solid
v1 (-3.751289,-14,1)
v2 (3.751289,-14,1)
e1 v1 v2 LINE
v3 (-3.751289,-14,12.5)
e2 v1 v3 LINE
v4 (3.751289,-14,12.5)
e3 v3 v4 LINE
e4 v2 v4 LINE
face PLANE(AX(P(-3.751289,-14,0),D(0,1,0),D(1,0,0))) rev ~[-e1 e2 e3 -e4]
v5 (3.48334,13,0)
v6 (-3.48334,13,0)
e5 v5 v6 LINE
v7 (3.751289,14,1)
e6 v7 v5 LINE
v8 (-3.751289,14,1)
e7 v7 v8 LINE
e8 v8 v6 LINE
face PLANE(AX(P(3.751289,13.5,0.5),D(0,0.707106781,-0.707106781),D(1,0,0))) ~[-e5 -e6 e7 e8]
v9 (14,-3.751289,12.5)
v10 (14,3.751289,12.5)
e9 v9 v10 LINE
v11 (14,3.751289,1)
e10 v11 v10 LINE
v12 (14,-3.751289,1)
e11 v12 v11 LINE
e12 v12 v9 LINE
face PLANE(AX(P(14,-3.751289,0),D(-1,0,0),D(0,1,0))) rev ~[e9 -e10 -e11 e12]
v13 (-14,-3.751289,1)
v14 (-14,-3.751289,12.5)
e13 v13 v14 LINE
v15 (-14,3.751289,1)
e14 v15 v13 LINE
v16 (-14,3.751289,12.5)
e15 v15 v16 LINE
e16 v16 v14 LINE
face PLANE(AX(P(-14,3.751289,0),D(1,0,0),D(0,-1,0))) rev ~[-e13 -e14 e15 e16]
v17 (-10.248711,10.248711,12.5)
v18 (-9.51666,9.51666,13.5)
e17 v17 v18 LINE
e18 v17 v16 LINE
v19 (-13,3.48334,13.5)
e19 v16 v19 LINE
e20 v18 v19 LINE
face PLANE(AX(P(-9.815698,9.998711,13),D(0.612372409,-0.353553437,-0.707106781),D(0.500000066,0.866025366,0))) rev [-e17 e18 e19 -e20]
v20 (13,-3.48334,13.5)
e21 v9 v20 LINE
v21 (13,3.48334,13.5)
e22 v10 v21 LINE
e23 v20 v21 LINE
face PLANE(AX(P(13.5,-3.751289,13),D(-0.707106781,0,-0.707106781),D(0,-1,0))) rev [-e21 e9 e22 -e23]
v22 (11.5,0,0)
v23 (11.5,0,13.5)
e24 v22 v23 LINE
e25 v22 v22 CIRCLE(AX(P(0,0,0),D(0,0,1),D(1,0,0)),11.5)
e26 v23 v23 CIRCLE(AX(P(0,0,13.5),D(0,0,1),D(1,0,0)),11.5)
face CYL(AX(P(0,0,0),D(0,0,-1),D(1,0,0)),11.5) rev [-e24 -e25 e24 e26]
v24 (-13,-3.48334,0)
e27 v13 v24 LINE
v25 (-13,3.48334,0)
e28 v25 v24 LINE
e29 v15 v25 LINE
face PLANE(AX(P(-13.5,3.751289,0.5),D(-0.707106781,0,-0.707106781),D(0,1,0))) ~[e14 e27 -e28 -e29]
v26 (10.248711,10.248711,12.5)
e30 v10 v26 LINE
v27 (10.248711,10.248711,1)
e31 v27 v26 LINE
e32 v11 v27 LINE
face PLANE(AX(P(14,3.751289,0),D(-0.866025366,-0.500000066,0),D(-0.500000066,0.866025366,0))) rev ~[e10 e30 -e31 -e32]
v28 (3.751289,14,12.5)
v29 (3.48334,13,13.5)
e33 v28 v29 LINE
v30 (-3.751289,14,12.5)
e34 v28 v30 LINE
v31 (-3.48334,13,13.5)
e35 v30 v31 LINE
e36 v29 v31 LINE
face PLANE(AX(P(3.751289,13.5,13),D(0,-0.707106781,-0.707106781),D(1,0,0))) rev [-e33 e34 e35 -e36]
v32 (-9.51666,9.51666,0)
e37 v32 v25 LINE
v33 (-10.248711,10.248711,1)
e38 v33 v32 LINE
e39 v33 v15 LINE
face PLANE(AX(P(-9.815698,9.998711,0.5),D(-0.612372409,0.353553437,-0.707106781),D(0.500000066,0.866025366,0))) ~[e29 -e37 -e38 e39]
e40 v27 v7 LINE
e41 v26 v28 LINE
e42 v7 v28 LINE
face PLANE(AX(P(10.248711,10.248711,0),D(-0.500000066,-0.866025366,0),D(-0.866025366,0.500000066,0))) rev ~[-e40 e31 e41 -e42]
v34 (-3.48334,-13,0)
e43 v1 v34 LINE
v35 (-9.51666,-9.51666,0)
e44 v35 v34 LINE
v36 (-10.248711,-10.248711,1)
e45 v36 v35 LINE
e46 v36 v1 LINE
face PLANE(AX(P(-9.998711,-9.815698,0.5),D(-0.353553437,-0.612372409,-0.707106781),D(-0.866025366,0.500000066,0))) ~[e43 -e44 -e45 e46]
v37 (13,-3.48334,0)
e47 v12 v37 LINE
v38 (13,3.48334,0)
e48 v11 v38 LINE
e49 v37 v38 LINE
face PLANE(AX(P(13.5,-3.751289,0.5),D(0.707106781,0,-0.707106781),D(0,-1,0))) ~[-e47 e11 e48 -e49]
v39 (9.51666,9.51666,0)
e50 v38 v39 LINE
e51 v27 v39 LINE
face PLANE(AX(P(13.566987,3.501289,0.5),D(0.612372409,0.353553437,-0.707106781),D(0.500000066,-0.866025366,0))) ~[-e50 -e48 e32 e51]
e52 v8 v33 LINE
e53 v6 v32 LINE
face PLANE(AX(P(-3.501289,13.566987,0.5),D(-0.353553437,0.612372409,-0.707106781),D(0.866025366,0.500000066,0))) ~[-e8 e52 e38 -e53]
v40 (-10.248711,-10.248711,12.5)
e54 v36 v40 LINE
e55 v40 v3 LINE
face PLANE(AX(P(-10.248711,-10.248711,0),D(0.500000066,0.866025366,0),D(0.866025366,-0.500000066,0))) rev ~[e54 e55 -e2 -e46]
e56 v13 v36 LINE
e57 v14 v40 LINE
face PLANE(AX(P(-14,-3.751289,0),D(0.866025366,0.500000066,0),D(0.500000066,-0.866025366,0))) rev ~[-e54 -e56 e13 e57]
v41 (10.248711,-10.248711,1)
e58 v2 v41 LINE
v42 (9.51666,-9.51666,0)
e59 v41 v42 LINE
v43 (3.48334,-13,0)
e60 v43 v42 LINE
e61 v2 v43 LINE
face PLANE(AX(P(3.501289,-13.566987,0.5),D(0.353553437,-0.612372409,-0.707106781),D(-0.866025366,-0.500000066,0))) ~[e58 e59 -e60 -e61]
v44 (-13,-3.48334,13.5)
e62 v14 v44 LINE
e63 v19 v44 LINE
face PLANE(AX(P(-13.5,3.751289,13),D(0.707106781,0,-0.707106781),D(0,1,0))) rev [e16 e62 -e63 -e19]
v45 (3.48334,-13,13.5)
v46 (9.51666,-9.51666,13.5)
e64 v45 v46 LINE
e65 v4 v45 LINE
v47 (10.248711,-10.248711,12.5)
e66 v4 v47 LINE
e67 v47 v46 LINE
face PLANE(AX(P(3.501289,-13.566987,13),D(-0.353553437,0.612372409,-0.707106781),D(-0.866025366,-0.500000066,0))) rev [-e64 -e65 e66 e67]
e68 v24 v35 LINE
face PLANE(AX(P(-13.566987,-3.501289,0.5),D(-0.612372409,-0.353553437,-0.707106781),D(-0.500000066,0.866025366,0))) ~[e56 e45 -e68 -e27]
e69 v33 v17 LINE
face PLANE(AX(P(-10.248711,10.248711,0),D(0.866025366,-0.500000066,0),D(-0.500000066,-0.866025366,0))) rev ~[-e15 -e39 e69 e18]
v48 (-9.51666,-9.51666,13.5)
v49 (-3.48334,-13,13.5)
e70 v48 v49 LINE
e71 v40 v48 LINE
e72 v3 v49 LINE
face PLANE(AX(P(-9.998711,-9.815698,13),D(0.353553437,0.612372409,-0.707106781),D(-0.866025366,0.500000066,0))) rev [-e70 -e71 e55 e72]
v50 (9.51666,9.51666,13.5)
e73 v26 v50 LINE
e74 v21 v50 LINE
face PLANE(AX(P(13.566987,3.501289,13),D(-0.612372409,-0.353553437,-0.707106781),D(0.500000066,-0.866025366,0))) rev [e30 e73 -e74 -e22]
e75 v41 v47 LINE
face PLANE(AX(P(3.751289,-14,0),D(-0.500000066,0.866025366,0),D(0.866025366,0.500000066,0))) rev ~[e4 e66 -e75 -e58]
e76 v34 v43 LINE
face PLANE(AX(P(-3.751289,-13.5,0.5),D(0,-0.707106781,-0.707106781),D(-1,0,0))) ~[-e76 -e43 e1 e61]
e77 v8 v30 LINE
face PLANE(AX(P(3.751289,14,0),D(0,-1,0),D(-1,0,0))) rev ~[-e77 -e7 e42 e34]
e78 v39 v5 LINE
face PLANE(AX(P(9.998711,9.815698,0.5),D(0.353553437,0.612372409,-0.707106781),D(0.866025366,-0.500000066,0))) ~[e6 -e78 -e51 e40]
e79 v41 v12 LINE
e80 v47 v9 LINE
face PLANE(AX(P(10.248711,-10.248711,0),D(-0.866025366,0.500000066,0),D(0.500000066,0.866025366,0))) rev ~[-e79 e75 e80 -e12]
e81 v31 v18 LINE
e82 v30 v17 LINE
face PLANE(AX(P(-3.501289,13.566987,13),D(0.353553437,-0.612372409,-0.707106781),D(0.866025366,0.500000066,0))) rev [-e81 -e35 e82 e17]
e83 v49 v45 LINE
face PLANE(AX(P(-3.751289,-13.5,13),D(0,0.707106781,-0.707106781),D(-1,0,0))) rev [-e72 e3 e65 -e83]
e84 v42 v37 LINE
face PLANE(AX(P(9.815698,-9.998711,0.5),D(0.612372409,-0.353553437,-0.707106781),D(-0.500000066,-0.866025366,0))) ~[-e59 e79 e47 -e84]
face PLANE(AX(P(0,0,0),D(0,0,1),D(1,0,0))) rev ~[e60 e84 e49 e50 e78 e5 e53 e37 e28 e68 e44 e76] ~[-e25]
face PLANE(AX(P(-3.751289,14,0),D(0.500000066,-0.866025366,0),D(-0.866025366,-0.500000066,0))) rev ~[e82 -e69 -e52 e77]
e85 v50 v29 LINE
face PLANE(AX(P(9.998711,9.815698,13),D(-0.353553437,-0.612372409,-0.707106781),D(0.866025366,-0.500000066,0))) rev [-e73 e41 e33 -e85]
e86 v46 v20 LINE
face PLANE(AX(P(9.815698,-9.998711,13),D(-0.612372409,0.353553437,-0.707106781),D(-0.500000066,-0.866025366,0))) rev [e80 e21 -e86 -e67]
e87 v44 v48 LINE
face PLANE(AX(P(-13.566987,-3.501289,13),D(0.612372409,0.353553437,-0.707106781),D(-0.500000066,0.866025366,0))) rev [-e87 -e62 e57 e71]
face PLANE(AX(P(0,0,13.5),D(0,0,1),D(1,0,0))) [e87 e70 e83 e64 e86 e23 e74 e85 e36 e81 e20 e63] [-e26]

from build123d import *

# Parameters (mm, degrees)
F0_R     = 11.5
F1_DEPTH = 13.5
F2_SIZE  = 1


with BuildPart() as f1:
    # F0 (on Top) → F1 (new body)
    with BuildSketch(Plane.XY):
        Polygon((14, -3.751289), (14, 3.751289), (10.248711, 10.248711), (3.751289, 14), (-3.751289, 14), (-10.248711, 10.248711), (-14, 3.751289), (-14, -3.751289), (-10.248711, -10.248711), (-3.751289, -14), (3.751289, -14), (10.248711, -10.248711), align=None)
        Circle(F0_R, mode=Mode.SUBTRACT)
    extrude(amount=F1_DEPTH)

    # F2
    f2_edges = [f1.edges().sort_by_distance(p)[0] for p in [
        (7, -12.124356, 13.5),
        (14, 0, 13.5),
        (12.124356, 7, 13.5),
        (7, 12.124356, 13.5),
        (0, 14, 13.5),
        (-7, 12.124356, 13.5),
        (-12.124356, 7, 13.5),
        (-14, 0, 13.5),
        (-12.124356, -7, 13.5),
        (-7, -12.124356, 13.5),
        (0, -14, 13.5),
        (14, 0, 0),
        (12.124356, 7, 0),
        (7, 12.124356, 0),
        (0, 14, 0),
        (-7, 12.124356, 0),
        (-12.124356, 7, 0),
        (-14, 0, 0),
        (-12.124356, -7, 0),
        (-7, -12.124356, 0),
        (0, -14, 0),
        (7, -12.124356, 0),
        (12.124356, -7, 0),
        (12.124356, -7, 13.5),
    ]]
    chamfer(f2_edges, length=F2_SIZE)


solid = f1.part
